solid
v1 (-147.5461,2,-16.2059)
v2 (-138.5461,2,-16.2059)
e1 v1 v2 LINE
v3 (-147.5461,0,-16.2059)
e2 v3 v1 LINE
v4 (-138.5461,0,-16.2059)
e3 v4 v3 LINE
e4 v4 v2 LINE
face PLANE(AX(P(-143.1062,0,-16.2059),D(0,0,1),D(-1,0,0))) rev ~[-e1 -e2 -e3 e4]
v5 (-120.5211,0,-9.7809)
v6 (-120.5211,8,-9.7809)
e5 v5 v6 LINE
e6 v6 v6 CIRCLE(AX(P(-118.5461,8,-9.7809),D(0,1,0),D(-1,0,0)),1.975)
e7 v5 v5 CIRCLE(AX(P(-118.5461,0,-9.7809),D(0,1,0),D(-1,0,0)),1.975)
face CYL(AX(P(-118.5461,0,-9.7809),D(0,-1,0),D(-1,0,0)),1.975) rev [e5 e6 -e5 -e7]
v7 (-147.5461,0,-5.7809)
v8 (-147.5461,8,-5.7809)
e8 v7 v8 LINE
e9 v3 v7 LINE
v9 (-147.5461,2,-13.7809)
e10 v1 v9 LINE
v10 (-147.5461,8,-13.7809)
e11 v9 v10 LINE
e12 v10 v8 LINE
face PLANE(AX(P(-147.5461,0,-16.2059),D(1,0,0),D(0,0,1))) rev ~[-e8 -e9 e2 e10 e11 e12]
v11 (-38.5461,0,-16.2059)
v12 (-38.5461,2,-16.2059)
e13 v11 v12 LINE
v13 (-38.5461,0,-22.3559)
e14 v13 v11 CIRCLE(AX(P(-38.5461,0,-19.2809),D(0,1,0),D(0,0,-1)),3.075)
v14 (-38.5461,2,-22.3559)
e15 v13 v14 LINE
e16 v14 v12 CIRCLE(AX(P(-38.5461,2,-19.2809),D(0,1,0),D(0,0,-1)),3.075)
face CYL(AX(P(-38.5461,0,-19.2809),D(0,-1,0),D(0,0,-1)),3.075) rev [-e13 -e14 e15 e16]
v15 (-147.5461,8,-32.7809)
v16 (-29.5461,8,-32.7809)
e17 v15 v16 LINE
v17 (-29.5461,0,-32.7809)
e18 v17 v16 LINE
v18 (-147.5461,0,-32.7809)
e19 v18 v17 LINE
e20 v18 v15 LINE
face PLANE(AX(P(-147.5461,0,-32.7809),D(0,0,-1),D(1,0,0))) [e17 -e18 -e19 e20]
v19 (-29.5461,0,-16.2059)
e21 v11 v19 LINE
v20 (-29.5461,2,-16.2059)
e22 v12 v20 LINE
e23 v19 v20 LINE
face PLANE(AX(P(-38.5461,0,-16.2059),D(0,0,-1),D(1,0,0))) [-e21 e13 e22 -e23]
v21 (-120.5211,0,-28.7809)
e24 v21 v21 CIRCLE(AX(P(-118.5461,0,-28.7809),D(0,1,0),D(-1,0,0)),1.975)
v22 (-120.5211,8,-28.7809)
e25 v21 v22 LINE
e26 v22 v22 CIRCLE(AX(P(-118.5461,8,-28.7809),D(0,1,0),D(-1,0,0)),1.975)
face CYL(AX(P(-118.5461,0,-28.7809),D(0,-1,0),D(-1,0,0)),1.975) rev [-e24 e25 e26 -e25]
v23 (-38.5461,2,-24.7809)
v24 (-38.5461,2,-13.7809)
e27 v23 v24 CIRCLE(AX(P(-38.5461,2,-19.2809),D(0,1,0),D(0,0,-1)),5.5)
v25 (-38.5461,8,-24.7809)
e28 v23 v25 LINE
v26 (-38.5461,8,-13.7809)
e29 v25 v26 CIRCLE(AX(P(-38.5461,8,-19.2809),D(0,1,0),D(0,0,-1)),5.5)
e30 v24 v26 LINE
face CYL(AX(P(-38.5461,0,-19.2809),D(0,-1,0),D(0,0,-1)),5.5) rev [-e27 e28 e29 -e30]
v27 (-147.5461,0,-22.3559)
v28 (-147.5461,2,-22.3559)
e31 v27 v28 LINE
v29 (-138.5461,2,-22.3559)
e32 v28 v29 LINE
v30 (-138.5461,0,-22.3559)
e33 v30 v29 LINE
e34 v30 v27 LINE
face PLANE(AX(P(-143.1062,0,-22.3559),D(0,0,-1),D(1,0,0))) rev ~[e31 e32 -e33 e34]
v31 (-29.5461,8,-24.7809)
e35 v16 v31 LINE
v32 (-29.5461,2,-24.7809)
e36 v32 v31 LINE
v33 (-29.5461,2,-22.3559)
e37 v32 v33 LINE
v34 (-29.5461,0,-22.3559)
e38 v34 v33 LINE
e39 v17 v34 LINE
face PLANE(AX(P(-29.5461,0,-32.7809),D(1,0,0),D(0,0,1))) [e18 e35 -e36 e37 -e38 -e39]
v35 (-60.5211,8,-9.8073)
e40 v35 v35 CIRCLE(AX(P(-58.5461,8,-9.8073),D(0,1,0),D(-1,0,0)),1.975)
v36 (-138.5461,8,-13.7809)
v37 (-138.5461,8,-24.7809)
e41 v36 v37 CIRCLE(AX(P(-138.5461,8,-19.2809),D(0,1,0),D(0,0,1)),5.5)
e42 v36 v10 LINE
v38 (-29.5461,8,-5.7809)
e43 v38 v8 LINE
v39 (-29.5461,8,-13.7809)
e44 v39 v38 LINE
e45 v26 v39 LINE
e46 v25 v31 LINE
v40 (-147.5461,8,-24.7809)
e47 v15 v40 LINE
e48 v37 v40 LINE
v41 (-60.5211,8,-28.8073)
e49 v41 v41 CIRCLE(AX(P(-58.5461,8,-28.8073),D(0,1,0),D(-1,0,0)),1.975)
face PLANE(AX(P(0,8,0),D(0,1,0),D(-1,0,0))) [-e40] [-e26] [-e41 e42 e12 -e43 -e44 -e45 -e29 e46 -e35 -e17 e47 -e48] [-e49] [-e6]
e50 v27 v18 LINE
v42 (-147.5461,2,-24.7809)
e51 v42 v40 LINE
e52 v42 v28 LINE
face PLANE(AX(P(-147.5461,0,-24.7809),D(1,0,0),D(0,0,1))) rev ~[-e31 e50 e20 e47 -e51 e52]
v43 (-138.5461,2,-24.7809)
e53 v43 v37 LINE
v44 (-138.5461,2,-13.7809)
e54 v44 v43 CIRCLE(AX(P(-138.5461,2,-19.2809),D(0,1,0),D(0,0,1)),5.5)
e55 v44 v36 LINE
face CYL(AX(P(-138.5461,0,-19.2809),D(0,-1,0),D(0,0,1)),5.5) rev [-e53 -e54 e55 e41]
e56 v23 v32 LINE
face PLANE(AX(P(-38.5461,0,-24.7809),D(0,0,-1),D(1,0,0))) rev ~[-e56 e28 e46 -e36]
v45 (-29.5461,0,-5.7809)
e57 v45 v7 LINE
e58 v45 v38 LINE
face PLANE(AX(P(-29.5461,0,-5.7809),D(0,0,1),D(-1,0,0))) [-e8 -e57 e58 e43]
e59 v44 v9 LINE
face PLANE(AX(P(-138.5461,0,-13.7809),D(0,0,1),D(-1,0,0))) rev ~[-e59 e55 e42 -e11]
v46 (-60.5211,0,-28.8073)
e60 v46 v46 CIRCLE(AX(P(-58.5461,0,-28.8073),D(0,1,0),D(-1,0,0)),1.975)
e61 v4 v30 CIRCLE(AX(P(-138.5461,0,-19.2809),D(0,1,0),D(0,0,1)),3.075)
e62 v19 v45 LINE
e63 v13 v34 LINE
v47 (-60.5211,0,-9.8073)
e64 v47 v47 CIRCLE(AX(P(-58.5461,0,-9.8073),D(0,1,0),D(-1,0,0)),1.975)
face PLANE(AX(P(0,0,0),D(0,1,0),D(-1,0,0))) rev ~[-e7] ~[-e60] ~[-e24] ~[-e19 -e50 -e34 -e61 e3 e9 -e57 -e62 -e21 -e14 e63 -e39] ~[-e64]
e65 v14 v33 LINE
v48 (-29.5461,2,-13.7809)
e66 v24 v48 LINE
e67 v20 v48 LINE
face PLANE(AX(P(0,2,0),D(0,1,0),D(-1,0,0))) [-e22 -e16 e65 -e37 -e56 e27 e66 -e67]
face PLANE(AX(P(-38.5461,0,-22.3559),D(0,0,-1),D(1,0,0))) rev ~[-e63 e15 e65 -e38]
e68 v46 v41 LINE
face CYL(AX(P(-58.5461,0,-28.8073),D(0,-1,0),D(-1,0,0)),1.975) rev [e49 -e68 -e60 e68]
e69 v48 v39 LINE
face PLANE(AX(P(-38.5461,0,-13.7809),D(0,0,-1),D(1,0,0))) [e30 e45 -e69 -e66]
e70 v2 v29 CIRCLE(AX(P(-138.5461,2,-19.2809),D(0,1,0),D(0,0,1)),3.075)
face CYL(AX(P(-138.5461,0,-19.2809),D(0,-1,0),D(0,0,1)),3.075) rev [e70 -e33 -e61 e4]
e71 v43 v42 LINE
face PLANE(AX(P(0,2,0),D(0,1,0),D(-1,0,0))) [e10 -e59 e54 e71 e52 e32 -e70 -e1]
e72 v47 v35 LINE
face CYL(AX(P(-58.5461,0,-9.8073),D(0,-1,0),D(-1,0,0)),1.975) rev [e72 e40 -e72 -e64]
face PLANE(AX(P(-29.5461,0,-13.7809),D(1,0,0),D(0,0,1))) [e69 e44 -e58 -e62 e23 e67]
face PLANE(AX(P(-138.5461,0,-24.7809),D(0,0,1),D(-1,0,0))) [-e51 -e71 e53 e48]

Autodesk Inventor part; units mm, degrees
ref_plane "YZ Plane" through (0, 0, 0) normal (1, 0, 0) x (0, 1, 0)
ref_plane "XZ Plane" through (0, 0, 0) normal (0, 1, 0) x (-1, 0, 0)
ref_plane "XY Plane" through (0, 0, 0) normal (0, 0, 1) x (1, 0, 0)
sketch "Sketch1" plane through (0, 0, 0) normal (0, 1, 0) x (-1, 0, 0)
  circle A0 centre (118.5461, -28.7809) radius 1.975
  circle A1 centre (118.5461, -9.7809) radius 1.975
  arc A2 (138.5461, -13.7809) -> (138.5461, -24.7809) centre (138.5461, -19.2809) ccw
  circle A3 centre (58.5461, -28.8073) radius 1.975
  line L0 (147.5461, -32.7809) -> (29.5461, -32.7809)
  line L1 (29.5461, -5.7809) -> (147.5461, -5.7809)
  arc A4 (38.5461, -24.7809) -> (38.5461, -13.7809) centre (38.5461, -19.2809) ccw
  line L2 (29.5461, -32.7809) -> (29.5461, -5.7809)
  circle A5 centre (58.5461, -9.8073) radius 1.975
  arc A6 (138.5461, -16.2059) -> (138.5461, -22.3559) centre (138.5461, -19.2809) ccw
  arc A7 (38.5461, -22.3559) -> (38.5461, -16.2059) centre (38.5461, -19.2809) ccw
  line L3 (143.1062, -22.3559) -> (147.5461, -22.3559)
  line L4 (143.1062, -16.2059) -> (147.5461, -16.2059)
  line L5 (147.5461, -32.7809) -> (147.5461, -22.3559)
  line L6 (147.5461, -16.2059) -> (147.5461, -5.7809)
  line L7 (143.1062, -22.3559) -> (138.5461, -22.3559)
  line L8 (143.1062, -16.2059) -> (138.5461, -16.2059)
  line L9 (138.5461, -24.7809) -> (147.5461, -24.7809)
  line L10 (138.5461, -13.7809) -> (147.5461, -13.7809)
  line L11 (38.5461, -22.3559) -> (29.5461, -22.3559)
  line L12 (38.5461, -24.7809) -> (29.5461, -24.7809)
  line L13 (38.5461, -16.2059) -> (29.5461, -16.2059)
  line L14 (38.5461, -13.7809) -> (29.5461, -13.7809)
  point P0 (88.5461, -32.7809)
  point P1 (88.5461, -5.7809)
  dimension "d162" = 60
  dimension "d163" = 60
  dimension "d165" = 100
  dimension "d183" = 11
  dimension "d184" = 11
  dimension "d185" = 6.15
  dimension "d186" = 6.15
  dimension "d187" = 3.95
  dimension "d188" = 3.95
  dimension "d189" = 3.95
  dimension "d190" = 3.95
  dimension "d202" = 9
  dimension "d203" = 9
  dimension "d204" = 9
  dimension "d212" = 19
  dimension "d213" = 19
  dimension "d214" = 27
  dimension "d215" = 4
  dimension "d216" = 4
  dimension "d217" = 13.5
  dimension "d218" = 30
  dimension "d219" = 30
extrude "Extrusion13" add sketch "Sketch1" along normal blind 8 contours A2 L9 L5 L0 L2 L12 A4 L14 L1 L6 L10
extrude "Extrusion14" add sketch "Sketch1" along normal blind 2 contours L14 A4 L12 L2 L11 A7 L13
extrude "Extrusion15" add sketch "Sketch1" along normal blind 2 contours L10 L6 L4 L8 A6 L7 L3 L5 L9 A2
properties part number "Base Laser_3DPrint"
